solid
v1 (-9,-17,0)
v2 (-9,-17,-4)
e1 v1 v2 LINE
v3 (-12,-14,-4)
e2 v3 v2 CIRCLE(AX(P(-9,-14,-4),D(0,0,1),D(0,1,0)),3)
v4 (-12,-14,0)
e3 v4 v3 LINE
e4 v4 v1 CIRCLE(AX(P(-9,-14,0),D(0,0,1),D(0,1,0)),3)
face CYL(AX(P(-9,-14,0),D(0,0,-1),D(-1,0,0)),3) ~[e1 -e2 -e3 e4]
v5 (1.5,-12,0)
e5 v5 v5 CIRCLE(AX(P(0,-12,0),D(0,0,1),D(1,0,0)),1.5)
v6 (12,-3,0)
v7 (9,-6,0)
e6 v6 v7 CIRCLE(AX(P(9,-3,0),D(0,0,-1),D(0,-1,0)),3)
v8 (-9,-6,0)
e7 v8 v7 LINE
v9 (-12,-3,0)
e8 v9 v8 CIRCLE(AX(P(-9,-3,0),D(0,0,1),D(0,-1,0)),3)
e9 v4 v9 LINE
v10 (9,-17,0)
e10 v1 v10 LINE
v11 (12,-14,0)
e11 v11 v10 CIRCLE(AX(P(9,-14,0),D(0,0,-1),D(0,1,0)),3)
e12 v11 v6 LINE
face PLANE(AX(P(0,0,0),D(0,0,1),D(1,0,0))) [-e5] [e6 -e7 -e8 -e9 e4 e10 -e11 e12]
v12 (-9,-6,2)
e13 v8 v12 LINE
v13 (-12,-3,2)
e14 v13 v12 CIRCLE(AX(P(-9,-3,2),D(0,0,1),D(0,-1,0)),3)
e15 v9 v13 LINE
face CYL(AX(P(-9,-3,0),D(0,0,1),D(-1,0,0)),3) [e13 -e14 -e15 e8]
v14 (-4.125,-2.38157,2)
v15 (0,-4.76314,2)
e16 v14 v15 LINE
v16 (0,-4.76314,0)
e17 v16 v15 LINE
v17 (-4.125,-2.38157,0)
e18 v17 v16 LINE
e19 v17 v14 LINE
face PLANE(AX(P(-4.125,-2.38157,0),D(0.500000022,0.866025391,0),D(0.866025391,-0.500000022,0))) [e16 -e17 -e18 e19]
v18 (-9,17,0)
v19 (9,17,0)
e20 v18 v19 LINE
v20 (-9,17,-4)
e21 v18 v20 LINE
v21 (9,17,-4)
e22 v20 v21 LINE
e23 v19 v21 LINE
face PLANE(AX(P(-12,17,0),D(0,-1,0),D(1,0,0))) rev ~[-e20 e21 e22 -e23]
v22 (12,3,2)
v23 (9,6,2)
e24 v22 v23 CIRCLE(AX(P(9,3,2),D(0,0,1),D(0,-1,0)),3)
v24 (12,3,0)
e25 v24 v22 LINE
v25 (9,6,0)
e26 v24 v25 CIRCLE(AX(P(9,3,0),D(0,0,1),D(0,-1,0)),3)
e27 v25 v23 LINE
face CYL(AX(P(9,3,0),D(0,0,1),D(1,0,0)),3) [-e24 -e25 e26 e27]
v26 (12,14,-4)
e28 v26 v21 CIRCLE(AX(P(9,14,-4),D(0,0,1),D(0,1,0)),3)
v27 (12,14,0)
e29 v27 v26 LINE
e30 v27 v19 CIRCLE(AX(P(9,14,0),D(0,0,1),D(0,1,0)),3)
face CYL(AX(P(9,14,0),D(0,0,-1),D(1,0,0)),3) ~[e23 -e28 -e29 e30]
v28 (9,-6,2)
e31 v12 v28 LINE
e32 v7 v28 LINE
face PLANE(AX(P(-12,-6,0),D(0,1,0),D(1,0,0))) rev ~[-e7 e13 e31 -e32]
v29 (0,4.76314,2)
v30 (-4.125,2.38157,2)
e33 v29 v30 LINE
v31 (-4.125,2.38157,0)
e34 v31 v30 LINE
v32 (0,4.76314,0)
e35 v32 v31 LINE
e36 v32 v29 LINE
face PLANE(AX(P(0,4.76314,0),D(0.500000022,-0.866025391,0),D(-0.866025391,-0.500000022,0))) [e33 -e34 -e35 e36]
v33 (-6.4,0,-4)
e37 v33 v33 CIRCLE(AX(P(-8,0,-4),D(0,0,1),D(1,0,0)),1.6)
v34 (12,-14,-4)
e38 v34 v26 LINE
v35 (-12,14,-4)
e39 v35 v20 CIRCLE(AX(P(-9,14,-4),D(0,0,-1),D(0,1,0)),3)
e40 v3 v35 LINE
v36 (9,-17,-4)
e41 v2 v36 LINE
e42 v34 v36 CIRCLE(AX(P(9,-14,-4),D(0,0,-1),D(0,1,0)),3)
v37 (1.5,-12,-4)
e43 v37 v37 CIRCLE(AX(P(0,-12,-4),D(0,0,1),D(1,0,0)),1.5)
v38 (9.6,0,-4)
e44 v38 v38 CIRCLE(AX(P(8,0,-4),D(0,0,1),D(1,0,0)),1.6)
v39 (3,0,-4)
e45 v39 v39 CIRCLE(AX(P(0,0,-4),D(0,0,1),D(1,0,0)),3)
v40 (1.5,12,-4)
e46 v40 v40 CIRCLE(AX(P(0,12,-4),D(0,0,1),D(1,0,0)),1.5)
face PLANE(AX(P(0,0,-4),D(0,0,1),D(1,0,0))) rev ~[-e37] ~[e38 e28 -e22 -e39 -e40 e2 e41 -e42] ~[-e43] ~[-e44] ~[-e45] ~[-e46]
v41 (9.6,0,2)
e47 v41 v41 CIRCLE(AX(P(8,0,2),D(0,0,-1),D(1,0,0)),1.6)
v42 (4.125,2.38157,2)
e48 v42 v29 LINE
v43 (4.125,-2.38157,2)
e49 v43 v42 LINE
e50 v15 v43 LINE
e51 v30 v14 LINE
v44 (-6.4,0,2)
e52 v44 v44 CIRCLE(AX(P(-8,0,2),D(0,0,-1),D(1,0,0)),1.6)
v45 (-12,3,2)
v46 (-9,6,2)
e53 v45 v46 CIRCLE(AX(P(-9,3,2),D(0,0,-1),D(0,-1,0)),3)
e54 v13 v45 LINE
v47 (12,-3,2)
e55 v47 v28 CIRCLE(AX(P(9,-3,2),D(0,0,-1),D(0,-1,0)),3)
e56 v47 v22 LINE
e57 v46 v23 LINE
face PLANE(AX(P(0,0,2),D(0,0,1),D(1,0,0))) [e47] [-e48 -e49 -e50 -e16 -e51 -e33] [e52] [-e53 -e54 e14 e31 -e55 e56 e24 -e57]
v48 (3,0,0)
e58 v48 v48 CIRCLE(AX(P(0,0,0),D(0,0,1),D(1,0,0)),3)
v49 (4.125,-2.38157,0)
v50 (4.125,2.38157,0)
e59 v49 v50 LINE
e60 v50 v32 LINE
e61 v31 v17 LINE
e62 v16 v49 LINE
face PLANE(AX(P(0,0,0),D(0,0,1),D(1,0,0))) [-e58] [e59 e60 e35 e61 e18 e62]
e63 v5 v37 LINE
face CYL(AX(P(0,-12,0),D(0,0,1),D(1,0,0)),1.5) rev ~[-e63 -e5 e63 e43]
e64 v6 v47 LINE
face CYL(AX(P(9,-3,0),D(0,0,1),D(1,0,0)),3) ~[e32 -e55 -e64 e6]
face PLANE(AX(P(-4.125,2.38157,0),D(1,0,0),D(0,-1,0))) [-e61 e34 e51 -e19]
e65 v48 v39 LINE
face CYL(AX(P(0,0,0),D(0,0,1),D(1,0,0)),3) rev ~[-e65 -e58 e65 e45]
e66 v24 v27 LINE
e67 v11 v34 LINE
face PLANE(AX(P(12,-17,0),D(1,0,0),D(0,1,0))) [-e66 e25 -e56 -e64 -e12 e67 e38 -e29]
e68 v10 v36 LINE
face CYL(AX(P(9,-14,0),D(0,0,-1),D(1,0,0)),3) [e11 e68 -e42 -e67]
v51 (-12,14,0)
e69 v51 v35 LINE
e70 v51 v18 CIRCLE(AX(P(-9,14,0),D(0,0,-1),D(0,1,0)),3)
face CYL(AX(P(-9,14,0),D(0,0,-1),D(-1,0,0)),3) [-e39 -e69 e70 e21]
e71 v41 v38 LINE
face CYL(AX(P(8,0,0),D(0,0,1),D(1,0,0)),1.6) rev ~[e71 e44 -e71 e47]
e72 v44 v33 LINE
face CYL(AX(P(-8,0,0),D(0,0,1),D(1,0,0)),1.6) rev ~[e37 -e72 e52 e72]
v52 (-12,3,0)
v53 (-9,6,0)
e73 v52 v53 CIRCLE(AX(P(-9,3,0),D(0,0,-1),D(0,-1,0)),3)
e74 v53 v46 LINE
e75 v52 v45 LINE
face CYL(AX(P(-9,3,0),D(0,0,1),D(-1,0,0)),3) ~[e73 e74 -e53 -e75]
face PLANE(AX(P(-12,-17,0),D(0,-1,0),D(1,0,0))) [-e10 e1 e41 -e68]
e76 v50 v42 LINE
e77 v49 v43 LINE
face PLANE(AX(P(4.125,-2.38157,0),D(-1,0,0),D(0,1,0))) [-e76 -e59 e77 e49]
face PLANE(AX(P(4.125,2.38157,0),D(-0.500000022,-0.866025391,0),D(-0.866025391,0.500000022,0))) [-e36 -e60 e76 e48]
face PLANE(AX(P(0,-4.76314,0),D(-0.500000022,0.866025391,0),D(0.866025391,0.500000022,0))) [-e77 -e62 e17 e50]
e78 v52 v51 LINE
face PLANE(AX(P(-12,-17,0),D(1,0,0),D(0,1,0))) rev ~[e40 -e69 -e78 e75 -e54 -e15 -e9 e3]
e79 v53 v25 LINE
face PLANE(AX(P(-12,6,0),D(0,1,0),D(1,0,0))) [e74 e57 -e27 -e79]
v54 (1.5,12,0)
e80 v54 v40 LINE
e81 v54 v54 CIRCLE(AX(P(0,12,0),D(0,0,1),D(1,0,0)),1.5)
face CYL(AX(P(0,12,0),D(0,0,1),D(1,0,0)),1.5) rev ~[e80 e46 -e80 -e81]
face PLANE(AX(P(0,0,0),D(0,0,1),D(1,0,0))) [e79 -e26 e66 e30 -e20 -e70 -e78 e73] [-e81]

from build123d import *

# Parameters (mm, degrees)
SKETCH_W          = 24
SKETCH_H          = 34
SKETCH_R          = 1.5
SKETCH_R_2        = 3
PAD_DEPTH         = 4
SKETCH001_W       = 24
SKETCH001_H       = 12
PAD001_DEPTH      = 2
SKETCH002_R       = 1.6
POCKET_DEPTH      = 4.001
POCKET_DEPTH_BACK = -2.001
FILLET_R          = 3


with BuildPart() as part:
    # Sketch → Pad (new body)
    with BuildSketch(Plane.XY):
        Rectangle(SKETCH_W, SKETCH_H)
        with Locations((0, 12)):
            Circle(SKETCH_R, mode=Mode.SUBTRACT)
        with Locations((0, -12)):
            Circle(SKETCH_R, mode=Mode.SUBTRACT)
        Circle(SKETCH_R_2, mode=Mode.SUBTRACT)
    extrude(amount=-PAD_DEPTH)

    # Sketch001 → Pad001 (join)
    with BuildSketch(Plane.XY):
        Rectangle(SKETCH001_W, SKETCH001_H)
        Polygon((4.125, -2.38157), (4.125, 2.38157), (0, 4.76314), (-4.125, 2.38157), (-4.125, -2.38157), (0, -4.76314), align=None, mode=Mode.SUBTRACT)
    extrude(amount=PAD001_DEPTH)

    # Sketch002 → Pocket (cut, two sides)
    with BuildSketch(Plane.XY) as pocket_sk:
        with Locations((-8, 0)):
            Circle(SKETCH002_R)
        with Locations((8, 0)):
            Circle(SKETCH002_R)
    extrude(amount=-POCKET_DEPTH, mode=Mode.SUBTRACT)
    extrude(pocket_sk.sketch, amount=-POCKET_DEPTH_BACK, mode=Mode.SUBTRACT)

    # Fillet
    fillet_edges = [part.edges().sort_by_distance(p)[0] for p in [
        (-12, -17, -2),
        (12, -17, -2),
        (12, -6, 1),
        (-12, -6, 1),
        (-12, 6, 1),
        (12, 6, 1),
        (12, 17, -2),
        (-12, 17, -2),
    ]]
    fillet(fillet_edges, radius=FILLET_R)


solid = part.part
